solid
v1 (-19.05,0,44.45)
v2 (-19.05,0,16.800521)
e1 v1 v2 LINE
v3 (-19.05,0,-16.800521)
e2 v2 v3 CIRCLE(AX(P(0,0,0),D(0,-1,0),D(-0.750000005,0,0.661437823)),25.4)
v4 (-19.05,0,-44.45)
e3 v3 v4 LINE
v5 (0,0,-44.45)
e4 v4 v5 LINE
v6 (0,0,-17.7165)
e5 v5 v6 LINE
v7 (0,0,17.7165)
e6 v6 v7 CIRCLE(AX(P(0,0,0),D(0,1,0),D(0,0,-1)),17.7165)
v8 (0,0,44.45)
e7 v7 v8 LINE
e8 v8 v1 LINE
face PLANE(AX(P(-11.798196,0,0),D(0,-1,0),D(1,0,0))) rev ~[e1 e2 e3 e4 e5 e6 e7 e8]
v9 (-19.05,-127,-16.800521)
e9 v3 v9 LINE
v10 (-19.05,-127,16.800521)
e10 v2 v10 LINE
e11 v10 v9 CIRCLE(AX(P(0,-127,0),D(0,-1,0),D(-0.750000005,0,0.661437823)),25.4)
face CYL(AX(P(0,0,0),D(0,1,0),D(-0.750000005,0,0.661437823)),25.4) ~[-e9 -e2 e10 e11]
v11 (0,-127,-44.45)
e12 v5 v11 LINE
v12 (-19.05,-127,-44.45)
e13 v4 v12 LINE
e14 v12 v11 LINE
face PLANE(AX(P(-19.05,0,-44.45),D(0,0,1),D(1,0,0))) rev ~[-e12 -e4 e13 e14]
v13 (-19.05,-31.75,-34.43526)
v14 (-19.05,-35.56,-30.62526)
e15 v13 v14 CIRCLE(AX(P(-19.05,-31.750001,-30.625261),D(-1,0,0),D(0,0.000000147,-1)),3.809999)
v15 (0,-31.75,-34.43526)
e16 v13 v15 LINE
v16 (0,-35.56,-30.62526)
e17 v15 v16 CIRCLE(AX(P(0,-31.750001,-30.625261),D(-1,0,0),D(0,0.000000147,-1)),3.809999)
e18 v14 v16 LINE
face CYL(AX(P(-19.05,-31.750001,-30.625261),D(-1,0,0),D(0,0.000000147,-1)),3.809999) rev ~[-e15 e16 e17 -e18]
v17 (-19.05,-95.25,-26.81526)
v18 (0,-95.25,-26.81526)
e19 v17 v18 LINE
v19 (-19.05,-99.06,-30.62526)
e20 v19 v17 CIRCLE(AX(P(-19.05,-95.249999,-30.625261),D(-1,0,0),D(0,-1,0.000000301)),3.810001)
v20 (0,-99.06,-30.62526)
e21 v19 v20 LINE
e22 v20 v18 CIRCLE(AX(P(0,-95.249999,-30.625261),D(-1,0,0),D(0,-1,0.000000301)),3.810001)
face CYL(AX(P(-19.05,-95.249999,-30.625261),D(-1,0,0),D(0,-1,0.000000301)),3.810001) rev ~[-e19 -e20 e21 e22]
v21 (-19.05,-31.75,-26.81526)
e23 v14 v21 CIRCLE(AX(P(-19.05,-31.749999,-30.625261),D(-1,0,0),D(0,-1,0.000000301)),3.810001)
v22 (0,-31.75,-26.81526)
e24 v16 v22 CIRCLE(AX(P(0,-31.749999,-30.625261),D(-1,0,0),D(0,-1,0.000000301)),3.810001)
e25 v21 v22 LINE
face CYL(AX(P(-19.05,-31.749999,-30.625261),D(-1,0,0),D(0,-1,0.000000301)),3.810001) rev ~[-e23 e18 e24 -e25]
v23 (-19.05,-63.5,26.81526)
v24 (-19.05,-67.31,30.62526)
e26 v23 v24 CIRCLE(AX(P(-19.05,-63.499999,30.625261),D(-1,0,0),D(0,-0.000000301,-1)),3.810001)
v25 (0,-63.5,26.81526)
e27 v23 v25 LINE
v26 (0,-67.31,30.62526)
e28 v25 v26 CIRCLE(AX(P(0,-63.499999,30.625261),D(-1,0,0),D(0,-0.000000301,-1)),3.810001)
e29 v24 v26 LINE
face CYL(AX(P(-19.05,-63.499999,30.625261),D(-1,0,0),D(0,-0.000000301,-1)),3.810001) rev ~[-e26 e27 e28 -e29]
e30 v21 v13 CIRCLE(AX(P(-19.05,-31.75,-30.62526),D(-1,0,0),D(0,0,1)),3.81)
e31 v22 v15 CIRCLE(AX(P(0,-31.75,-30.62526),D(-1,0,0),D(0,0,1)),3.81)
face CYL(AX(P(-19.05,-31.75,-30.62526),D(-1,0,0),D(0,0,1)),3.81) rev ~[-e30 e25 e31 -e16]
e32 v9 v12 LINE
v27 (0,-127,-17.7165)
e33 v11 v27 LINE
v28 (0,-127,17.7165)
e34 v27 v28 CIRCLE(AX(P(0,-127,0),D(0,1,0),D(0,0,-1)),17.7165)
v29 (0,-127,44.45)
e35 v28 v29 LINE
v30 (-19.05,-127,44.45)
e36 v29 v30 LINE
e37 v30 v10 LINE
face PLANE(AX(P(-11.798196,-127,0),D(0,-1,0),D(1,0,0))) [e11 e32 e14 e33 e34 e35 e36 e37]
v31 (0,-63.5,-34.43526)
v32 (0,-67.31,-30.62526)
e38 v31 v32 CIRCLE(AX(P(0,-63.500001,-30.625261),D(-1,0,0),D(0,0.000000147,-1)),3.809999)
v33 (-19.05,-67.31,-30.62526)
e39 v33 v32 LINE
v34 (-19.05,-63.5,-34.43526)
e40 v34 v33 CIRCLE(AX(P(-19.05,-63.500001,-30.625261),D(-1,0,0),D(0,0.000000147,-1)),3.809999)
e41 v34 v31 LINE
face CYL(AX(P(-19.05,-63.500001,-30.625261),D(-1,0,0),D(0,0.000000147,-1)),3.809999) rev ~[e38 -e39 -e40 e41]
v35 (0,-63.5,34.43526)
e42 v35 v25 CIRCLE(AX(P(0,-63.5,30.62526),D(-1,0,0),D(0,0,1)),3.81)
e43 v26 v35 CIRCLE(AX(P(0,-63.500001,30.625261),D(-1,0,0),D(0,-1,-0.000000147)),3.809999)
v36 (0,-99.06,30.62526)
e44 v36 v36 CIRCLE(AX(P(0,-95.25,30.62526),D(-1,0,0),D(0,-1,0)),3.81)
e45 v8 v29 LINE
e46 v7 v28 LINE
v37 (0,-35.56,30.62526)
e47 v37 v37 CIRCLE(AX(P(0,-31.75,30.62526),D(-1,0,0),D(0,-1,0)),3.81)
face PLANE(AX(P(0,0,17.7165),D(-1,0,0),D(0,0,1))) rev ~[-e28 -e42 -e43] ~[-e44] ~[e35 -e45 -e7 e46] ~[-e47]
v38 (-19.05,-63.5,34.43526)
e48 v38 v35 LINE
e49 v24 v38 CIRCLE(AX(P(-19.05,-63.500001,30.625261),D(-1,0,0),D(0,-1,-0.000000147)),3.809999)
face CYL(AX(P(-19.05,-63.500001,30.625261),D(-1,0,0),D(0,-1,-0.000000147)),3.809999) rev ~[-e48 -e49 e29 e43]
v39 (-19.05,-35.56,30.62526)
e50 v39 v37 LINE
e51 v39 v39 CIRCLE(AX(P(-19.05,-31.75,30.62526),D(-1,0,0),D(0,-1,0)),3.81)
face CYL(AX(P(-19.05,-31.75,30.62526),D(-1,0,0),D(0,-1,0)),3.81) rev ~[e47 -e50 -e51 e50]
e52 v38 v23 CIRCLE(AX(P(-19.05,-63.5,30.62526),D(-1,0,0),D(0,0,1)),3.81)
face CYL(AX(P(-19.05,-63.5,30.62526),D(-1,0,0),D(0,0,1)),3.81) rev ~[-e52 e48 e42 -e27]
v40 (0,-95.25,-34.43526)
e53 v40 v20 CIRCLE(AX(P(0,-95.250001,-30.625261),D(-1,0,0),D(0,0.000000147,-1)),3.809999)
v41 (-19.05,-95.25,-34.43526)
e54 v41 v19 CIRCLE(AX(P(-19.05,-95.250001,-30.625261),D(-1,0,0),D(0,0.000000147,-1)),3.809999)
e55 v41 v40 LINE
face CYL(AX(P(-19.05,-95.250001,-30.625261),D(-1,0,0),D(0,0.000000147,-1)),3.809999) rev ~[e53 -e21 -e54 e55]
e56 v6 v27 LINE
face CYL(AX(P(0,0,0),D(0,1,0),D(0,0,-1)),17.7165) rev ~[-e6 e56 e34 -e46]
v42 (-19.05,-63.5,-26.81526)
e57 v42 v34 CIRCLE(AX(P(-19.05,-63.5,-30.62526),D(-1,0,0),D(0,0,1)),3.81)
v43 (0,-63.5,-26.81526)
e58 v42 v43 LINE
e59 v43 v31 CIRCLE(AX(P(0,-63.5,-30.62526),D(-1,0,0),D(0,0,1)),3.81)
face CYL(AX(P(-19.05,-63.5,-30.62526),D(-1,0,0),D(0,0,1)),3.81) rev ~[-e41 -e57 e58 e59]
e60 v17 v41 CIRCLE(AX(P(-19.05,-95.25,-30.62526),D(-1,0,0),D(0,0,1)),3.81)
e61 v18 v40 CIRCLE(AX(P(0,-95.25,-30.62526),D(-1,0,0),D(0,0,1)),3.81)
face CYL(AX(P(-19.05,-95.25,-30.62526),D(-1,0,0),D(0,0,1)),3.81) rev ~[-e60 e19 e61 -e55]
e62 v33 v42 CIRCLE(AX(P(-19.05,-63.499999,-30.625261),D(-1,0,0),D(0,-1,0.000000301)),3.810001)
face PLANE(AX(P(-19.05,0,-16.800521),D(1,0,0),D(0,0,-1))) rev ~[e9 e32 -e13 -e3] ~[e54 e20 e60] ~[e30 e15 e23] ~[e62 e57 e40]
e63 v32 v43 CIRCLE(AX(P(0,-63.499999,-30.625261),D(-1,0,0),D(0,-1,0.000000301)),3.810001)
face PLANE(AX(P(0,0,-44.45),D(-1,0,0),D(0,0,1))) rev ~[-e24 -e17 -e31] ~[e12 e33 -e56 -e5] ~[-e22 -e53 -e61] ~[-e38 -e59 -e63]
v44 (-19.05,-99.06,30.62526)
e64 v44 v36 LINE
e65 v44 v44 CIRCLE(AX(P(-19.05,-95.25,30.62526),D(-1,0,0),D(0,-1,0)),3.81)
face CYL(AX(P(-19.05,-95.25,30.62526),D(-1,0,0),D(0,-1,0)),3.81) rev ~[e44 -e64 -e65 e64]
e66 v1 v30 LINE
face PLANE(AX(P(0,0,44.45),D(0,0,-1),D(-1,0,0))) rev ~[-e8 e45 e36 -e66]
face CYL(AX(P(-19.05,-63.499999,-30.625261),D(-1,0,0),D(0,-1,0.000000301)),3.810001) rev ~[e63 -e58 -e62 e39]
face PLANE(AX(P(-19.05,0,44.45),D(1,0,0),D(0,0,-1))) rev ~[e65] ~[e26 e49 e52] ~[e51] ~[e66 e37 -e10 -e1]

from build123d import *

# Parameters (mm, degrees)
F1_DEPTH = 127
F3_DEPTH = 25.4
F4_R     = 3.81
F5_DEPTH = 25.4


with BuildPart() as f1:
    # F0 (on Front) → F1 (new body)
    with BuildSketch(Plane.XZ):
        with BuildLine():
            Line((-19.05, 44.45), (-19.05, 16.800521))
            ThreePointArc((-19.05, 16.800521), (-25.4, 0), (-19.05, -16.800521))
            Line((-19.05, -16.800521), (-19.05, -44.45))
            Line((-19.05, -44.45), (0, -44.45))
            Line((0, -44.45), (0, -17.7165))
            ThreePointArc((0, -17.7165), (-17.7165, 0), (0, 17.7165))
            Line((0, 17.7165), (0, 44.45))
            Line((0, 44.45), (-19.05, 44.45))
        make_face()
    extrude(amount=F1_DEPTH)

    # F2 (on face) → F3 (cut)
    with BuildSketch(Plane(origin=(-19.05, 0, 0), x_dir=(0, -1, 0), z_dir=(-1, 0, 0))):
        with BuildLine():
            ThreePointArc((67.31, -30.62526), (66.194077, -27.931184), (63.5, -26.81526))
            Line((63.5, -26.81526), (63.5, -34.43526))
            ThreePointArc((63.5, -34.43526), (66.194077, -33.319337), (67.31, -30.62526))
        make_face()
        with BuildLine():
            Line((63.5, -34.43526), (63.5, -26.81526))
            ThreePointArc((63.5, -26.81526), (59.69, -30.62526), (63.5, -34.43526))
        make_face()
        with BuildLine():
            ThreePointArc((35.56, -30.62526), (34.444077, -27.931184), (31.75, -26.81526))
            Line((31.75, -26.81526), (31.75, -34.43526))
            ThreePointArc((31.75, -34.43526), (34.444077, -33.319337), (35.56, -30.62526))
        make_face()
        with BuildLine():
            Line((31.75, -34.43526), (31.75, -26.81526))
            ThreePointArc((31.75, -26.81526), (27.94, -30.62526), (31.75, -34.43526))
        make_face()
        with BuildLine():
            ThreePointArc((95.25, -34.43526), (97.944077, -33.319337), (99.06, -30.62526))
            ThreePointArc((99.06, -30.62526), (97.944077, -27.931184), (95.25, -26.81526))
            Line((95.25, -26.81526), (95.25, -34.43526))
        make_face()
        with BuildLine():
            Line((95.25, -34.43526), (95.25, -26.81526))
            ThreePointArc((95.25, -26.81526), (91.44, -30.62526), (95.25, -34.43526))
        make_face()
    extrude(amount=-F3_DEPTH, mode=Mode.SUBTRACT)

    # F4 (on face) → F5 (cut)
    with BuildSketch(Plane(origin=(-19.05, 0, 0), x_dir=(0, -1, 0), z_dir=(-1, 0, 0))):
        with BuildLine():
            ThreePointArc((63.5, 26.81526), (66.194077, 27.931184), (67.31, 30.62526))
            ThreePointArc((67.31, 30.62526), (66.194077, 33.319337), (63.5, 34.43526))
            Line((63.5, 34.43526), (63.5, 26.81526))
        make_face()
        with BuildLine():
            Line((63.5, 26.81526), (63.5, 34.43526))
            ThreePointArc((63.5, 34.43526), (59.69, 30.62526), (63.5, 26.81526))
        make_face()
        with Locations((31.75, 30.62526)):
            Circle(F4_R)
        with Locations((95.25, 30.62526)):
            Circle(F4_R)
    extrude(amount=-F5_DEPTH, mode=Mode.SUBTRACT)


solid = f1.part
